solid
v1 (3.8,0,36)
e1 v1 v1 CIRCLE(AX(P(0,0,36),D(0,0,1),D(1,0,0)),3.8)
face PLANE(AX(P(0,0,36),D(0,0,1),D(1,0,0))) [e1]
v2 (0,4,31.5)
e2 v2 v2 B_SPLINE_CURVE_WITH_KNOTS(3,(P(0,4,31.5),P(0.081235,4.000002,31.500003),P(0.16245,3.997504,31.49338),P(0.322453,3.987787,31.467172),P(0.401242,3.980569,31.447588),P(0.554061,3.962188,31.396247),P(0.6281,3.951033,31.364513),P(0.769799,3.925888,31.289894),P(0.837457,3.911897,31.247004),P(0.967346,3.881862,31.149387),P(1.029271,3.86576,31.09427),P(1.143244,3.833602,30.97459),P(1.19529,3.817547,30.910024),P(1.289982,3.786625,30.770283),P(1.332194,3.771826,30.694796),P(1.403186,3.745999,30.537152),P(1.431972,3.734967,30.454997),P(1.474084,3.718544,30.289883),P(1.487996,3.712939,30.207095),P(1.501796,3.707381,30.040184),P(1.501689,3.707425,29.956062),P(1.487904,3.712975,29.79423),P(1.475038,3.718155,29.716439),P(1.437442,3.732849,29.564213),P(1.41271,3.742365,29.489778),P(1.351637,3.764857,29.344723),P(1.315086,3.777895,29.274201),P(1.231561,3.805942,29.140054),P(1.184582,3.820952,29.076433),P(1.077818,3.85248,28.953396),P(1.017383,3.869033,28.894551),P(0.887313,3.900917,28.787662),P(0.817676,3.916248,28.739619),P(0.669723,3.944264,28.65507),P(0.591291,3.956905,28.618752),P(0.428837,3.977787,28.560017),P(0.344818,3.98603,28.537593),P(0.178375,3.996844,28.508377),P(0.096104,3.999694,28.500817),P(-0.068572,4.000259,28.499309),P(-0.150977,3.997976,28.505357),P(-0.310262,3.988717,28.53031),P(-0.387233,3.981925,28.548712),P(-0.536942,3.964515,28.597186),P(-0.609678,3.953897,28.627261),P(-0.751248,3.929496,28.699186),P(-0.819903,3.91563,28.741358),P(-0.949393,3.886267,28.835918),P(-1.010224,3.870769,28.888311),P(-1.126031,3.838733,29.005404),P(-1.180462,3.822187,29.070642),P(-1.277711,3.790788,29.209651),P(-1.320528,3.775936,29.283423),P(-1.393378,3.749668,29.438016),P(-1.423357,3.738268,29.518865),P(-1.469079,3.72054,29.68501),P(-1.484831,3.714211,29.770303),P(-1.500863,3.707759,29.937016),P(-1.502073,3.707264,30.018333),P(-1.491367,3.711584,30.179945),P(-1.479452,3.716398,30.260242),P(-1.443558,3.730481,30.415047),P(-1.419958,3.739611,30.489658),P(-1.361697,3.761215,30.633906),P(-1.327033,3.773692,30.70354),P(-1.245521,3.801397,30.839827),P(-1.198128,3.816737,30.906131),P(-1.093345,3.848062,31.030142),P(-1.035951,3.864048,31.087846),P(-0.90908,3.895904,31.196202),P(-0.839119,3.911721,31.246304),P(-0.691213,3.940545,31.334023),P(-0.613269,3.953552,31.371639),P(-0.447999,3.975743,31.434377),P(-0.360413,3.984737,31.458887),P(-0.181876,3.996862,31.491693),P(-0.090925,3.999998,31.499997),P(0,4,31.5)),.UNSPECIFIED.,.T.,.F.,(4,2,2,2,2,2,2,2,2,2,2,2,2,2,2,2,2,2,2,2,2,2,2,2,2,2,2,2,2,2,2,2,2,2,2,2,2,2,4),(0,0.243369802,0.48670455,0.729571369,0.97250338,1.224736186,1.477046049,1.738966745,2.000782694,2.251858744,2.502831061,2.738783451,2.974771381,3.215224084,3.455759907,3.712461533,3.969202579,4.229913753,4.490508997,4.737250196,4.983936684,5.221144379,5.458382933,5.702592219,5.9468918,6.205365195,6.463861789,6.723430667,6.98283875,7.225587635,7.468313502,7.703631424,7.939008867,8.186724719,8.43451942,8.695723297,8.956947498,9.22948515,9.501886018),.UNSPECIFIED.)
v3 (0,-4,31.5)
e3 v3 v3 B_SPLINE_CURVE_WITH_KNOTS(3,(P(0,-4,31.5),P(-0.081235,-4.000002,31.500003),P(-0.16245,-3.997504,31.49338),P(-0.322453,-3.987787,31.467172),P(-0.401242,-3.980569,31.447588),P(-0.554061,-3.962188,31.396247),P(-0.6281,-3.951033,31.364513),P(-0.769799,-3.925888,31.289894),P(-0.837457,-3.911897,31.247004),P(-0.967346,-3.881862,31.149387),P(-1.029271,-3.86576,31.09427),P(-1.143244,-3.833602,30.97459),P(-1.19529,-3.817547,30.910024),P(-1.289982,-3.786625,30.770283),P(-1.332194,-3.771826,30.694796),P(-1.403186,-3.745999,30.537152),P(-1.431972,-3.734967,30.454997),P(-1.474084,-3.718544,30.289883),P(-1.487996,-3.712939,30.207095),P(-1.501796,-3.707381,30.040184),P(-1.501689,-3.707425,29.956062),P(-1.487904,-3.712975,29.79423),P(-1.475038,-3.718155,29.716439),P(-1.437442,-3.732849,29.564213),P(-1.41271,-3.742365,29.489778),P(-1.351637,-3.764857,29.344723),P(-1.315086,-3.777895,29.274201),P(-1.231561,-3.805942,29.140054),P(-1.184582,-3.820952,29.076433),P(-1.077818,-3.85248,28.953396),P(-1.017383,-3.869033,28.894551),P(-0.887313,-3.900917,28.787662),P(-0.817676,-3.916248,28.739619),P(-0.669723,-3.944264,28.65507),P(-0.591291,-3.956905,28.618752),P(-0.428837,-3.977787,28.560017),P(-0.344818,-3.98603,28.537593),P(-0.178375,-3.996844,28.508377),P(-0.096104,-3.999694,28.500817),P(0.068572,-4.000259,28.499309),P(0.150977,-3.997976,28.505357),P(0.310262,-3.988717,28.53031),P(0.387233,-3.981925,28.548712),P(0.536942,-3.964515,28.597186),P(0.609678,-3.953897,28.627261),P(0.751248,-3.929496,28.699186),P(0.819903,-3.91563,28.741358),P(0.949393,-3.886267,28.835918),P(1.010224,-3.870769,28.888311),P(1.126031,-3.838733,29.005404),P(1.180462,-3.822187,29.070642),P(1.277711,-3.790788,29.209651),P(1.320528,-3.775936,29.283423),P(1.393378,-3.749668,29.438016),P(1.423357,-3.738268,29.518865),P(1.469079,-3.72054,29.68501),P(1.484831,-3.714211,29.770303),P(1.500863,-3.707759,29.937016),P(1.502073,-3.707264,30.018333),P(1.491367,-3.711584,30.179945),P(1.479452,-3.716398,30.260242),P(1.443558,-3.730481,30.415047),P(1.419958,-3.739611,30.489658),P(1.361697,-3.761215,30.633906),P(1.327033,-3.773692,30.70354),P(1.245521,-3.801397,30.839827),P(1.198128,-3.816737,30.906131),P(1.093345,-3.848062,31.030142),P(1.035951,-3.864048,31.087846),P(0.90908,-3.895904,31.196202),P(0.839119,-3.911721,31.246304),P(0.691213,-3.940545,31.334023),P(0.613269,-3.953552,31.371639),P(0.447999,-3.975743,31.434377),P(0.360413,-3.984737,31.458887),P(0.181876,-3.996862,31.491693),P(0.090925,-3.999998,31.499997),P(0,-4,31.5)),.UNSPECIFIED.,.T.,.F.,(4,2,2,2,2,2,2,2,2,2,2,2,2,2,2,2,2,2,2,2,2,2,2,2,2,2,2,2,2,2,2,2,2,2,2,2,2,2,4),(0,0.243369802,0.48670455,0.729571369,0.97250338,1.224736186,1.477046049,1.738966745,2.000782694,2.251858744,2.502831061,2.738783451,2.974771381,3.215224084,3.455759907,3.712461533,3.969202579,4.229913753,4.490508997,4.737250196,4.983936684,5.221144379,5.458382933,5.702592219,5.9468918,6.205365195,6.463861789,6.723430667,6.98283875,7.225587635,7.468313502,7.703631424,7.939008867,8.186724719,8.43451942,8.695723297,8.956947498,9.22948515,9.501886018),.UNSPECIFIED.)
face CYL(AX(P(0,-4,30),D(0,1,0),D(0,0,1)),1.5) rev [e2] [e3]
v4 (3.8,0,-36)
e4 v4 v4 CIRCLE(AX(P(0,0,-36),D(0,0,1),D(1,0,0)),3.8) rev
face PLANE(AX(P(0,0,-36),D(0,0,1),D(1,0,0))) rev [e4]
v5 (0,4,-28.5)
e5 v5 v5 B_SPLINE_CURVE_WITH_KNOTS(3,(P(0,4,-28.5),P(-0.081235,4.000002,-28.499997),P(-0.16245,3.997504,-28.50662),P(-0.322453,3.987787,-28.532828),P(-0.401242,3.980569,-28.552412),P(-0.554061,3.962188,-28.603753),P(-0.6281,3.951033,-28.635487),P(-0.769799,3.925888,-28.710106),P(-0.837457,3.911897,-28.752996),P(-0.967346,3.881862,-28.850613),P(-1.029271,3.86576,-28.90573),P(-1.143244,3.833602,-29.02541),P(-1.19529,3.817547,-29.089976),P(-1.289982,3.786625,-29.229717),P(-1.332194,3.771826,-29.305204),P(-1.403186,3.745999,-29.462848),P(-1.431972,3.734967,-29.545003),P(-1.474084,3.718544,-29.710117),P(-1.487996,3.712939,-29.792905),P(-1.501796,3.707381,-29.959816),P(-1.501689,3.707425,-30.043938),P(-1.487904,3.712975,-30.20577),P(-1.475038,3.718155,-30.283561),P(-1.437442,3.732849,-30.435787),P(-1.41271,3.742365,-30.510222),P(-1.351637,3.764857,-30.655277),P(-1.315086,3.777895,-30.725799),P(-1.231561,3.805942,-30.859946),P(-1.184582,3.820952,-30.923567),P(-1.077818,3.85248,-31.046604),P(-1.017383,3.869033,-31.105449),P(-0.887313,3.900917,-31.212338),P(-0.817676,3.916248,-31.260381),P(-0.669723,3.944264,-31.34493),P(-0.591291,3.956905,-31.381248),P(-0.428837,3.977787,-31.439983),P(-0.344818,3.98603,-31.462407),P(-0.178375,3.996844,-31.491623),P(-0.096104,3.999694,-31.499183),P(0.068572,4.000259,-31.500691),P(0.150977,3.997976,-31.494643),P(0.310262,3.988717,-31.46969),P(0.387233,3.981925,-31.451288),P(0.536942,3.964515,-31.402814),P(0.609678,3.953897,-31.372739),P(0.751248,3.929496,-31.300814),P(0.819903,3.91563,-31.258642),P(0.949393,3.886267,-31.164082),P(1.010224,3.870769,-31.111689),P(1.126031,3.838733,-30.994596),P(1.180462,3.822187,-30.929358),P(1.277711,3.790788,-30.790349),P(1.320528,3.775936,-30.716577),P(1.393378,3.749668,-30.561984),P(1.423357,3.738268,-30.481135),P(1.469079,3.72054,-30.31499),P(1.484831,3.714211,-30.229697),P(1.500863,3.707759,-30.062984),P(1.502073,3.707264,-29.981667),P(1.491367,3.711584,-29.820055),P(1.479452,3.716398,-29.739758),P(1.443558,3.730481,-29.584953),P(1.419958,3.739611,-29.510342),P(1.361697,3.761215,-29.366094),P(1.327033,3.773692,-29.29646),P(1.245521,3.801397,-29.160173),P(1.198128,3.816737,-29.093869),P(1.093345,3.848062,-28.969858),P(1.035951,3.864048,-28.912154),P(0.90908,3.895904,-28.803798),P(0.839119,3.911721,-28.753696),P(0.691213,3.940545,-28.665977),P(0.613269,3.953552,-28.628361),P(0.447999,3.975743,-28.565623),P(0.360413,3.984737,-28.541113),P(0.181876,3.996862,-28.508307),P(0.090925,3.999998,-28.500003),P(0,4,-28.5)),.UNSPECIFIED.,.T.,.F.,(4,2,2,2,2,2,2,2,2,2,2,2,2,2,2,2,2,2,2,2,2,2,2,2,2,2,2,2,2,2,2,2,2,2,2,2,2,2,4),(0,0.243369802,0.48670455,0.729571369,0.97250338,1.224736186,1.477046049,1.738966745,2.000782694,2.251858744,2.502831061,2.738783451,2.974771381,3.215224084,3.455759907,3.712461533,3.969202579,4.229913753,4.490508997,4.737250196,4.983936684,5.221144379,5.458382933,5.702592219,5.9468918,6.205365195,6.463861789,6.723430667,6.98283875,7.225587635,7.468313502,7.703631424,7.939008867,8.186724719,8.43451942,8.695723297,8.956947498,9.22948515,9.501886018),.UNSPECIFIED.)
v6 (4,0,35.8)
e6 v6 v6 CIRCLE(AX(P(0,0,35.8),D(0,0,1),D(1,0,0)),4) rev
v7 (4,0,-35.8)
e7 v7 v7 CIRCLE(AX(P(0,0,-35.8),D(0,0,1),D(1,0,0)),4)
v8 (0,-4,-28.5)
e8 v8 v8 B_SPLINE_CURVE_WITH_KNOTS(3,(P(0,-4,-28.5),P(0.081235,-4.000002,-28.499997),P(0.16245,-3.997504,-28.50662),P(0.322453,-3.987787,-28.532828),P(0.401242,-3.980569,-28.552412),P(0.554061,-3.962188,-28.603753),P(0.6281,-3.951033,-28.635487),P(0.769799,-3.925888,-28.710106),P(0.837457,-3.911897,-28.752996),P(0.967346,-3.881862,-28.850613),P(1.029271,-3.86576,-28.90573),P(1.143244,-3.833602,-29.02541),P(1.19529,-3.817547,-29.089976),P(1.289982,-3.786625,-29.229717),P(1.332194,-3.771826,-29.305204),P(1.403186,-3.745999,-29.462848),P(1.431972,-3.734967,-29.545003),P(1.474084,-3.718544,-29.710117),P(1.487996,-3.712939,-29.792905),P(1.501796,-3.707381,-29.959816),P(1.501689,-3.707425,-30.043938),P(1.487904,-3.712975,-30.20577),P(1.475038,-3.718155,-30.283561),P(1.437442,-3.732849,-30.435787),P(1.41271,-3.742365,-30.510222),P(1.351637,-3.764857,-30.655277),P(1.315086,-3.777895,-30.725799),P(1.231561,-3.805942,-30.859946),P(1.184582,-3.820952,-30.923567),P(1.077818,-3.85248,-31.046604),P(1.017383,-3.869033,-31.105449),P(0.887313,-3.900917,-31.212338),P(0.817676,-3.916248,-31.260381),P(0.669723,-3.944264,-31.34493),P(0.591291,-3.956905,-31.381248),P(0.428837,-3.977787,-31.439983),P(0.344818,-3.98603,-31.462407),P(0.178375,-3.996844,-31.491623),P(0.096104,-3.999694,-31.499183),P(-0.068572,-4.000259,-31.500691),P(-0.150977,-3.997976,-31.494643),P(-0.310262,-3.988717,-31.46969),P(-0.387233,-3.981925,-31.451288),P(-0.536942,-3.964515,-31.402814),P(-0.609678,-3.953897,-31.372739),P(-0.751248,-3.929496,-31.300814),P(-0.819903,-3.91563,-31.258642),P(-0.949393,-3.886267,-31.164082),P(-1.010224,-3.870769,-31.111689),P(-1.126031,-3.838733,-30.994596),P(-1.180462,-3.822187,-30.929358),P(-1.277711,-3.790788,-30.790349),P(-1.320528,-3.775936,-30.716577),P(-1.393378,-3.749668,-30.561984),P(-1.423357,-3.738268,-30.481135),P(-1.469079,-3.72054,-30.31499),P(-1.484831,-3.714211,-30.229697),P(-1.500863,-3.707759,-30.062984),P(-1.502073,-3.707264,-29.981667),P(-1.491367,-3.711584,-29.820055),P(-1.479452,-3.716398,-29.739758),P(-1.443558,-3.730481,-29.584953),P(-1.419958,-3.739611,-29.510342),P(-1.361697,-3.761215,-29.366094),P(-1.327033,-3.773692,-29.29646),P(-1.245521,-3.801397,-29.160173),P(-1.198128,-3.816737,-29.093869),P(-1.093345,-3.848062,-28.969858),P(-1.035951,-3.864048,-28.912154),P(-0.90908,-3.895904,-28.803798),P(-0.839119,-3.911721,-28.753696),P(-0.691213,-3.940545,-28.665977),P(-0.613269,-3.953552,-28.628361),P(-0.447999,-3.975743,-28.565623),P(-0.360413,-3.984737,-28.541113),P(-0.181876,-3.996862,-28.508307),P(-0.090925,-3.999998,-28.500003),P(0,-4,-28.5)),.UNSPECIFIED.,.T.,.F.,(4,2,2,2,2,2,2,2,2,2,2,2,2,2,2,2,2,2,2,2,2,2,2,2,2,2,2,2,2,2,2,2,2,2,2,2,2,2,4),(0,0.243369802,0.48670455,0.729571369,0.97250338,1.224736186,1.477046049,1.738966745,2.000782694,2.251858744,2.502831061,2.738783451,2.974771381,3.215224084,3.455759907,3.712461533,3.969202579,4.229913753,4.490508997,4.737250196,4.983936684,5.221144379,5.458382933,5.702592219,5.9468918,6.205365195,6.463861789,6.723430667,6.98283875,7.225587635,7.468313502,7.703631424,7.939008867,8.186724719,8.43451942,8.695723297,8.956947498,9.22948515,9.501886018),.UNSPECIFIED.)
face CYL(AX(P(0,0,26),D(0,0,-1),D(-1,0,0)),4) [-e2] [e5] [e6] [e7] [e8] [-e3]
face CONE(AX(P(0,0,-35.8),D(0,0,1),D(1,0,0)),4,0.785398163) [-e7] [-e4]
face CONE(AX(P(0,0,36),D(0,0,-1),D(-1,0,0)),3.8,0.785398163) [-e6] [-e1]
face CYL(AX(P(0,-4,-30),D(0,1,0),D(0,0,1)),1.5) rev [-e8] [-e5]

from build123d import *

# Parameters (mm, degrees)
SKETCH_1_R          = 4
EXTRUDE_1_DEPTH     = 26
SKETCH_2_R          = 4
EXTRUDE_2_DEPTH     = 36
SKETCH_3_R          = 1.5
CUT_EXTRUDE_1_DEPTH = 37.441734317
CHAMFER_1_SIZE      = 0.2


with BuildPart() as part:
    # ｽｹｯﾁ1 → ﾎﾞｽ - 押し出し1 (new, symmetric)
    with BuildSketch(Plane.XY):
        with Locations(Location((0, 0, 0), (0, 0, 180))):
            Circle(SKETCH_1_R)
    extrude(amount=EXTRUDE_1_DEPTH, both=True)

    # ｽｹｯﾁ2 → ﾎﾞｽ - 押し出し2 (add, symmetric)
    with BuildSketch(Plane.XY):
        with Locations(Location((0, 0, 0), (0, 0, 180))):
            Circle(SKETCH_2_R)
    extrude(amount=EXTRUDE_2_DEPTH, both=True)

    # ｽｹｯﾁ3 → ｶｯﾄ - 押し出し1 (cut, symmetric)
    with BuildSketch(Plane(origin=(0, 0, 0), x_dir=(1, 0, 0), z_dir=(0, 1, 0))):
        with Locations(Location((0, 30, 0), (0, 0, 270))):
            Circle(SKETCH_3_R)
    cut_extrude_1 = extrude(amount=CUT_EXTRUDE_1_DEPTH, both=True, mode=Mode.SUBTRACT)

    # ﾐﾗｰ1: ｶｯﾄ - 押し出し1 across plane
    add(cut_extrude_1.mirror(Plane.XY), mode=Mode.SUBTRACT)

    # 面取り1
    chamfer_1_edges = [part.edges().sort_by_distance(p)[0] for p in [
        (4, 0, -36),
        (4, 0, 36),
    ]]
    chamfer(chamfer_1_edges, length=CHAMFER_1_SIZE)


solid = part.part
